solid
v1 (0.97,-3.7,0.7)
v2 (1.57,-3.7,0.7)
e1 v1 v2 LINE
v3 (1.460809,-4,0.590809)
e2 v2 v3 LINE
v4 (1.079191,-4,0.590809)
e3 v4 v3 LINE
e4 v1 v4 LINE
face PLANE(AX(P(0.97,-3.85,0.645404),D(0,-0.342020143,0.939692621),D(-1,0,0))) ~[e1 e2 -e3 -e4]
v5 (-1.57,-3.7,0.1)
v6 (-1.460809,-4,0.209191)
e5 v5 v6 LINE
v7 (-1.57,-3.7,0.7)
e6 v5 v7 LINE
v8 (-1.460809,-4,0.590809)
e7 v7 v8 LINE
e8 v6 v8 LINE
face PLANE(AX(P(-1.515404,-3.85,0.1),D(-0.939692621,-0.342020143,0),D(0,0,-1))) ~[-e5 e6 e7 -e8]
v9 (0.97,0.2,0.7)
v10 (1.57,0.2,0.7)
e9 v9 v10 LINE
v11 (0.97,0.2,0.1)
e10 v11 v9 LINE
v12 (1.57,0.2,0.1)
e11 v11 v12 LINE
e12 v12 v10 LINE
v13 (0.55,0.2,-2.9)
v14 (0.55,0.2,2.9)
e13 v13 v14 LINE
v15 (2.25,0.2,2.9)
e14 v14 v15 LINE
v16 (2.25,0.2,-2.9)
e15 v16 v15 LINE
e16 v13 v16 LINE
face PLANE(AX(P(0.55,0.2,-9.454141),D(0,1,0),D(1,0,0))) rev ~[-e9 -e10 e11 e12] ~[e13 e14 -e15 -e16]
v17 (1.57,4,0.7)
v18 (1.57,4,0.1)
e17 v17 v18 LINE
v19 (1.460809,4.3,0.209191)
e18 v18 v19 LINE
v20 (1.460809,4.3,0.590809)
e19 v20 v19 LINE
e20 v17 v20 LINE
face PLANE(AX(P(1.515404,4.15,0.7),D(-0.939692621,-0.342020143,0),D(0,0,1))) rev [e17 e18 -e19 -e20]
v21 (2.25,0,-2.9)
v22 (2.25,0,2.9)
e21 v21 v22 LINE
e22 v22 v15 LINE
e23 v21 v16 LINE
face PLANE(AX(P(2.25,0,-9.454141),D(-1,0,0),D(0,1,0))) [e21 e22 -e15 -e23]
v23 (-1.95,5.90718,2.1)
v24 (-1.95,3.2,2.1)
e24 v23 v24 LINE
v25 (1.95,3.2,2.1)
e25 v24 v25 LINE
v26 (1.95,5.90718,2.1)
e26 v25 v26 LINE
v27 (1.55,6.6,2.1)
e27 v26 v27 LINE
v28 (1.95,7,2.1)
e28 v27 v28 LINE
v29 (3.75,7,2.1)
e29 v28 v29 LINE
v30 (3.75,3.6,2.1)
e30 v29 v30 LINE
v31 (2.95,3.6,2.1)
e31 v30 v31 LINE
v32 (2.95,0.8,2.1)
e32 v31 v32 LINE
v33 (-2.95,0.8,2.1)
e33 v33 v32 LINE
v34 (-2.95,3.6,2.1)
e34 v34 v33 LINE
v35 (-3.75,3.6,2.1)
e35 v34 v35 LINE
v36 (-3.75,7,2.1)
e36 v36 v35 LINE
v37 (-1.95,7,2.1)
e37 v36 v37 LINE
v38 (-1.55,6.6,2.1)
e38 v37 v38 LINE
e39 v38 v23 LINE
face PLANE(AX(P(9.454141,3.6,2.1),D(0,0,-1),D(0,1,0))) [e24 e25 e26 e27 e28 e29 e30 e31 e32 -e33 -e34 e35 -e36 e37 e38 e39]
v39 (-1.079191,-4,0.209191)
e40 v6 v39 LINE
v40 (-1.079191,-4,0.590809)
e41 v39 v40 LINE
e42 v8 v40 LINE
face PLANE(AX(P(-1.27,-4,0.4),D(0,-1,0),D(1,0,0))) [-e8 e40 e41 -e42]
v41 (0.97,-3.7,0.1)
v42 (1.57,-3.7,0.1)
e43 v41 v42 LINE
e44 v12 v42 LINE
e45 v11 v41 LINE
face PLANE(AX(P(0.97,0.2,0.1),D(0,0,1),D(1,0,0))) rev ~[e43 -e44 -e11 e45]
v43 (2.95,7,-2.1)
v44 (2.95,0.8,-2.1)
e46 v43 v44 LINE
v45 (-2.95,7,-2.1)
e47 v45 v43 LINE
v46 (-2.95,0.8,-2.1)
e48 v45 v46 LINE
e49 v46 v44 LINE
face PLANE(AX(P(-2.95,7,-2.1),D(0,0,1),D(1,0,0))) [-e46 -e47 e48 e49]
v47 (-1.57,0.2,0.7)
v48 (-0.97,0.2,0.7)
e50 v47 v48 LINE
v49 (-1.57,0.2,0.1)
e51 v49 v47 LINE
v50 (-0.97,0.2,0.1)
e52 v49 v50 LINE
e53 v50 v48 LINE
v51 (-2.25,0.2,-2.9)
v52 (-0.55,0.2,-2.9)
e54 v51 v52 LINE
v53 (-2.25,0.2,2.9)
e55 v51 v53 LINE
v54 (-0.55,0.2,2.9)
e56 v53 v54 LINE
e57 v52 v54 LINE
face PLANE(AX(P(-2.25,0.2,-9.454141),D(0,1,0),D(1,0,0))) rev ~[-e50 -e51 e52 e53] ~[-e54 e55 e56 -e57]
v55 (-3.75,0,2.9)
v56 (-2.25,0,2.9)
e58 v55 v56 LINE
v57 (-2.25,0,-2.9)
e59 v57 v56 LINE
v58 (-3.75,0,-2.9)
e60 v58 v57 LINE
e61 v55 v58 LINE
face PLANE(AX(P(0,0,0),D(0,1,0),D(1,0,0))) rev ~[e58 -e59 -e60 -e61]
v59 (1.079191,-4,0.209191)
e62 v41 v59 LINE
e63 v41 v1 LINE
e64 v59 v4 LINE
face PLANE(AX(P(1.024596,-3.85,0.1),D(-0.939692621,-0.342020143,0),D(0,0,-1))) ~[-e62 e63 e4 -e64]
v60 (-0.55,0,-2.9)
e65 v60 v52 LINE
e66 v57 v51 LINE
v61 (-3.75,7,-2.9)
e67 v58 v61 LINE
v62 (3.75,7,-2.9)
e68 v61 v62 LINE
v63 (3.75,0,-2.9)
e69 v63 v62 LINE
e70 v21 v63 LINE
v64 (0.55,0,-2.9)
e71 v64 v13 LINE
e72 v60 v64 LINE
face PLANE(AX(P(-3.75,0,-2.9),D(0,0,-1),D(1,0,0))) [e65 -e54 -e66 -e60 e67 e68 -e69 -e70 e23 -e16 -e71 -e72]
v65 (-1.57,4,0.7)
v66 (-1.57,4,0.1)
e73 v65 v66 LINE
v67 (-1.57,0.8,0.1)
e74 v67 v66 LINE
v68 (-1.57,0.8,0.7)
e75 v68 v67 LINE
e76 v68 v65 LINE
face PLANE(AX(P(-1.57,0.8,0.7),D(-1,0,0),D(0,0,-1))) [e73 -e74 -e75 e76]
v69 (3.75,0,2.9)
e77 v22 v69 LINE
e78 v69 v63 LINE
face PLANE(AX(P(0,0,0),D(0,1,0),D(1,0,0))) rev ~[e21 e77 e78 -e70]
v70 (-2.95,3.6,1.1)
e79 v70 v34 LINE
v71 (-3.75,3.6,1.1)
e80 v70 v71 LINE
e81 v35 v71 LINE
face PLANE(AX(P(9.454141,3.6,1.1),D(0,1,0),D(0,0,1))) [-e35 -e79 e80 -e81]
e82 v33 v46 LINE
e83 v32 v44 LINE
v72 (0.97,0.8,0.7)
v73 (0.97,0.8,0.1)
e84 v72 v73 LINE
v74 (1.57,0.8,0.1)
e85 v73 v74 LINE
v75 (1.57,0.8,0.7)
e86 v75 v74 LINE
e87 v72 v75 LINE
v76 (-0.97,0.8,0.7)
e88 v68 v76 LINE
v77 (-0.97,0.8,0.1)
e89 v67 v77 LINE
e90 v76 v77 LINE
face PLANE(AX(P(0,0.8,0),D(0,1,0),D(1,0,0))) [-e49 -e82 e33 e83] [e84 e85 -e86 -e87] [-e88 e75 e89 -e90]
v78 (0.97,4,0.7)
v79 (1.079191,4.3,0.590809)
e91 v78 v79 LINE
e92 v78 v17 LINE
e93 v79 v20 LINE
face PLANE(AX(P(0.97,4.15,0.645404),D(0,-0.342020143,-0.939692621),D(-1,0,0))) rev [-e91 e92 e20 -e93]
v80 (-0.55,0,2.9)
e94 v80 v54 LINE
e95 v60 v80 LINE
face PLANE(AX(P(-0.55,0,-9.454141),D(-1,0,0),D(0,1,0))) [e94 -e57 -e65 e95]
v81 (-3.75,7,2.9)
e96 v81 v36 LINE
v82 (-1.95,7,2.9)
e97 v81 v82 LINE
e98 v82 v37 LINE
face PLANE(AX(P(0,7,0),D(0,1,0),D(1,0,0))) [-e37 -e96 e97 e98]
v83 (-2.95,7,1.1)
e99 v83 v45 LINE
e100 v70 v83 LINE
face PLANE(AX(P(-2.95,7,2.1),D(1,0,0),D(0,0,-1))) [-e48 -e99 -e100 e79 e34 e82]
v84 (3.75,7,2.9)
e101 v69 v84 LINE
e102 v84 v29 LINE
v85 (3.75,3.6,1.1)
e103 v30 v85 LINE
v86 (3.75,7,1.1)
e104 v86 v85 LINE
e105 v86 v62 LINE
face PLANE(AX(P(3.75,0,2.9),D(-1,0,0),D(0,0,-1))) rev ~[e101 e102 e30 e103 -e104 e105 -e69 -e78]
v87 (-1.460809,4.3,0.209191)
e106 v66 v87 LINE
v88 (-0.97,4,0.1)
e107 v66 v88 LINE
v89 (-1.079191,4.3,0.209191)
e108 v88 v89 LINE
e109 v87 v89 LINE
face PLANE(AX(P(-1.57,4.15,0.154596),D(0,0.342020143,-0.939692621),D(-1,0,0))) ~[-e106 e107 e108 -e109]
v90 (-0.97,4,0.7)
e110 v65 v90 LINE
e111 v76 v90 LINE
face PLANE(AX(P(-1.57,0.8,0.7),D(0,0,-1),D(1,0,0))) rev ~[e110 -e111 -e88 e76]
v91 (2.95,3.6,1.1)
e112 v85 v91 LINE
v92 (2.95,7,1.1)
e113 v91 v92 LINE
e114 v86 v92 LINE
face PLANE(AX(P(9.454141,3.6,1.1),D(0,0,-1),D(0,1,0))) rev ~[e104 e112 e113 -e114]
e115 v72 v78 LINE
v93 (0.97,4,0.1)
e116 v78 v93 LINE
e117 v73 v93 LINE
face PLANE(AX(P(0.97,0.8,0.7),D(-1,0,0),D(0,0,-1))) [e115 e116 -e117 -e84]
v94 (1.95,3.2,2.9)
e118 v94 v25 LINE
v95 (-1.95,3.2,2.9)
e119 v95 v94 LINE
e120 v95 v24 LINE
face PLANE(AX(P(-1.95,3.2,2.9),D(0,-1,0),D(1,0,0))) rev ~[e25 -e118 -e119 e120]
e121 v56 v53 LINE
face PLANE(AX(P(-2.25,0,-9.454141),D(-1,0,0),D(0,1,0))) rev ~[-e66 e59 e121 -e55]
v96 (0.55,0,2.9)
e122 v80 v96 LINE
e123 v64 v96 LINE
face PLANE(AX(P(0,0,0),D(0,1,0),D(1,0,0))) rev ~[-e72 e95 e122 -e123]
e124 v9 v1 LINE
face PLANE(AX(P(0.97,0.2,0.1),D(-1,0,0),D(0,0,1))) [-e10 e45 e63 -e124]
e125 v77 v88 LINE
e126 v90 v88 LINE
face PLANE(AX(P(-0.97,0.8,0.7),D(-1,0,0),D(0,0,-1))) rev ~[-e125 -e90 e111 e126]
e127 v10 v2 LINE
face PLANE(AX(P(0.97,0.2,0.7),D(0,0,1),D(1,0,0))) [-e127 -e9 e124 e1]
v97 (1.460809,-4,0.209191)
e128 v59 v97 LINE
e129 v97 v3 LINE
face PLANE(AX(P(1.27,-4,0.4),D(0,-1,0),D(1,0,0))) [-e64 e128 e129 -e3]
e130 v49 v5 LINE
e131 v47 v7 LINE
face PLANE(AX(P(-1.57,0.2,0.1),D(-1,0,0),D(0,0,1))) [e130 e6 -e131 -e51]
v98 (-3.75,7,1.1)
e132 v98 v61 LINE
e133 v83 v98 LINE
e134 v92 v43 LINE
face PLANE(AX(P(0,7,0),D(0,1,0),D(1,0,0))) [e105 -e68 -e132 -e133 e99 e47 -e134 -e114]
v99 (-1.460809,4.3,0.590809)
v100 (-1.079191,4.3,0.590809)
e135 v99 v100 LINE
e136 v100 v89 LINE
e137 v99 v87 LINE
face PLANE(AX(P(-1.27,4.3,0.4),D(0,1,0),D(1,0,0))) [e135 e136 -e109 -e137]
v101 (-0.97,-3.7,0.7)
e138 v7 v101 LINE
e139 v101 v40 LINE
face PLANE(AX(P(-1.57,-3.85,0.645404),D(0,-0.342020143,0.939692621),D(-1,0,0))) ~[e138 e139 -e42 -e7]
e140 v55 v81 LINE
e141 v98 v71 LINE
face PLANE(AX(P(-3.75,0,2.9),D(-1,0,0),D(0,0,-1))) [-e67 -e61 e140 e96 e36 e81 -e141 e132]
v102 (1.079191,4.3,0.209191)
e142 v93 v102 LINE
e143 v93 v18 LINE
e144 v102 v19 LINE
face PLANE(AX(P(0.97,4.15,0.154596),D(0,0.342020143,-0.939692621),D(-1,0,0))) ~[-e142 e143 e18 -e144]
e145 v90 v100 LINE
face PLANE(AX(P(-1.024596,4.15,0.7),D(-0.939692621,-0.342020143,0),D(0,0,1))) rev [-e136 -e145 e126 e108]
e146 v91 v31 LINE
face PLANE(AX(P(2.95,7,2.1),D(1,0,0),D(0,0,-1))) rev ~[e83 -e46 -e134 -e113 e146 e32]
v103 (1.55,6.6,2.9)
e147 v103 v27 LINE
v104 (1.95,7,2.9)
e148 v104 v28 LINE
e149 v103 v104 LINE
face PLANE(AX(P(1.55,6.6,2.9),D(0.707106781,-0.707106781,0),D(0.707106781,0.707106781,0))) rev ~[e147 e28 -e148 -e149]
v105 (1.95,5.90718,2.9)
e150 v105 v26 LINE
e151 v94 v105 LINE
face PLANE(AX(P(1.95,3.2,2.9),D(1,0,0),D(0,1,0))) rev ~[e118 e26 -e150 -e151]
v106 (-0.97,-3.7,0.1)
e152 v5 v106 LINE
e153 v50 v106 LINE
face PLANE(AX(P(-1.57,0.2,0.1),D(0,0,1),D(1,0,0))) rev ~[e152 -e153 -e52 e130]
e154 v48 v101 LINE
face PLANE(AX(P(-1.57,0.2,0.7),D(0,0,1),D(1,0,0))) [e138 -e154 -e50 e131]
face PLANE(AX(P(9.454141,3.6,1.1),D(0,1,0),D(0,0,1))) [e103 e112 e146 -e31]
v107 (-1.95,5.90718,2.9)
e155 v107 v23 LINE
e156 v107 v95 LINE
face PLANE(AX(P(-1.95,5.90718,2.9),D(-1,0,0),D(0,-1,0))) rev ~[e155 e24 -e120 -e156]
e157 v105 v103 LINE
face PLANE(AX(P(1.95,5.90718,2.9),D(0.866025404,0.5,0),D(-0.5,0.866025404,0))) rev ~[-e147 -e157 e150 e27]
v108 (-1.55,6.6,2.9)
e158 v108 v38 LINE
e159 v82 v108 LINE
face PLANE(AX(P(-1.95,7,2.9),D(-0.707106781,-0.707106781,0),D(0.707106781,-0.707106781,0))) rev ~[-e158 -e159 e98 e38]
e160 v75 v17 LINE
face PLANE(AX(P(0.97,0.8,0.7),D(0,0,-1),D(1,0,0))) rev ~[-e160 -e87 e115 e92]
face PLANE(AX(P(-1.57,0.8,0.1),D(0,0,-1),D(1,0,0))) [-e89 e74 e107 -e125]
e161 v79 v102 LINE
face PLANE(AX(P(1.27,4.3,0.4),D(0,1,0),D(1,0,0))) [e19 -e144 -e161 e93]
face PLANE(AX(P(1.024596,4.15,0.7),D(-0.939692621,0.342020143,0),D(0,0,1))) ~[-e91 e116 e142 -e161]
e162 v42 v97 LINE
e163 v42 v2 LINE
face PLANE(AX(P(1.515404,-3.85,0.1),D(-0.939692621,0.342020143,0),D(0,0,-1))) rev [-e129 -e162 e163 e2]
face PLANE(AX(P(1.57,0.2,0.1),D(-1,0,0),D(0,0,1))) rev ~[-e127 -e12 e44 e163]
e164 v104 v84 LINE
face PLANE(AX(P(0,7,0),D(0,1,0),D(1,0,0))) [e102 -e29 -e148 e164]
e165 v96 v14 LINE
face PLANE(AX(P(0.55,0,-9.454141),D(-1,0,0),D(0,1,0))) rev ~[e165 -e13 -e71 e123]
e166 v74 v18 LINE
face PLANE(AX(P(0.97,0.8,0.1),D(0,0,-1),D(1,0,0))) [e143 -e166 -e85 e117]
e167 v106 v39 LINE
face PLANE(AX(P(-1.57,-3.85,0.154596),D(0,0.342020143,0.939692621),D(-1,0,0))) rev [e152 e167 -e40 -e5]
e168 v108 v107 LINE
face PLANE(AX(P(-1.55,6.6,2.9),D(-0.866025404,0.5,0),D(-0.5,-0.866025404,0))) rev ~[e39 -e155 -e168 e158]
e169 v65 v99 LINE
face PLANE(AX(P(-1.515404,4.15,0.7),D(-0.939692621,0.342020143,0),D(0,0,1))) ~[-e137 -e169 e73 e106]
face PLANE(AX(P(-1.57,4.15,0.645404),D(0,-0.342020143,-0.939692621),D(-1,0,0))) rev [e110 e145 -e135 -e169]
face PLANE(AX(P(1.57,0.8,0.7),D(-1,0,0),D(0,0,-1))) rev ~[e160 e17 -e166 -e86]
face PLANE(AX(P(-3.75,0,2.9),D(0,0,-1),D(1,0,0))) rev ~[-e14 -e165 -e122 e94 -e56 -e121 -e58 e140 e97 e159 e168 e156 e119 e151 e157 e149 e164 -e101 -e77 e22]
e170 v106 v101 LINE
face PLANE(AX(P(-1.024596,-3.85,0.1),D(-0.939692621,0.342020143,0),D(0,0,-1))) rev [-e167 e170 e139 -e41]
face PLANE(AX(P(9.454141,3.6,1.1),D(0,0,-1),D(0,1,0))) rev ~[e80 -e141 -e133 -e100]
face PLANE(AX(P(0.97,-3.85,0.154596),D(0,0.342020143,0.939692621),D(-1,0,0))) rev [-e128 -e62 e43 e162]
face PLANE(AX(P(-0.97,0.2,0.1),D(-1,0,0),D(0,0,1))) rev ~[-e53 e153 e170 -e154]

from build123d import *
from OCP.BRepFilletAPI import BRepFilletAPI_MakeChamfer

# Parameters (mm, degrees)
SKETCH_1_W               = 7.5
SKETCH_1_H               = 5.8
EXTRUDE_1_DEPTH          = 7
CUT_EXTRUDE_1_DEPTH      = 9.454140997
CUT_EXTRUDE_1_DEPTH_BACK = 9.454140997
SKETCH_2_W               = 1.7
SKETCH_2_H               = 0.2
SKETCH_3_W               = 5.9
SKETCH_3_H               = 4.2
CUT_EXTRUDE_2_DEPTH      = 6.2
CUT_EXTRUDE_3_DEPTH      = 1
CUT_EXTRUDE_4_DEPTH      = 9.454140997
CUT_EXTRUDE_4_DEPTH_BACK = 9.454140997
SKETCH_5_W               = 1
SKETCH_5_H               = 3.4
SKETCH_6_W               = 0.6
SKETCH_6_H               = 0.6
EXTRUDE_3_DEPTH          = 4.2
SKETCH_7_W               = 0.6
SKETCH_7_H               = 0.6
EXTRUDE_4_DEPTH          = 3.5
CHAMFER_1_SIZE           = 0.3
CHAMFER_1_SIZE2          = 0.10919107


with BuildPart() as part:
    # 草图1 → 凸台-拉伸1 (new body)
    with BuildSketch(Plane(origin=(0, 0, 0), x_dir=(1, 0, 0), z_dir=(0, 1, 0))):
        Rectangle(SKETCH_1_W, SKETCH_1_H)
    extrude(amount=EXTRUDE_1_DEPTH)

    # 草图2 → 切除-拉伸1 (cut, two sides: drawn at the far end of the back side and taken through both)
    with BuildSketch(Plane.XY.offset(-CUT_EXTRUDE_1_DEPTH_BACK)):
        with Locations((-1.4, 0.1)):
            Rectangle(SKETCH_2_W, SKETCH_2_H)
        with Locations((1.4, 0.1)):
            Rectangle(SKETCH_2_W, SKETCH_2_H)
    extrude(amount=CUT_EXTRUDE_1_DEPTH + CUT_EXTRUDE_1_DEPTH_BACK, mode=Mode.SUBTRACT)

    # 草图3 → 切除-拉伸2 (cut)
    with BuildSketch(Plane(origin=(0, 7, 0), x_dir=(1, 0, 0), z_dir=(0, 1, 0))):
        Rectangle(SKETCH_3_W, SKETCH_3_H)
    extrude(amount=-CUT_EXTRUDE_2_DEPTH, mode=Mode.SUBTRACT)

    # 草图4 → 切除-拉伸3 (cut)
    with BuildSketch(Plane.XY.offset(2.9)):
        Polygon((-1.95, 7), (-1.55, 6.6), (-1.95, 5.907179677), (-1.95, 3.2), (1.95, 3.2), (1.95, 5.907179677), (1.55, 6.6), (1.95, 7), align=None)
    extrude(amount=-CUT_EXTRUDE_3_DEPTH, mode=Mode.SUBTRACT)

    # 草图5 → 切除-拉伸4 (cut, two sides: drawn at the far end of the back side and taken through both)
    with BuildSketch(Plane.ZY.offset(-CUT_EXTRUDE_4_DEPTH_BACK)):
        with Locations((1.6, 5.3)):
            Rectangle(SKETCH_5_W, SKETCH_5_H)
    extrude(amount=CUT_EXTRUDE_4_DEPTH + CUT_EXTRUDE_4_DEPTH_BACK, mode=Mode.SUBTRACT)

    # 草图6 → 凸台-拉伸3 (add)
    with BuildSketch(Plane.XZ.offset(-0.2)):
        with Locations((-1.27, 0.4)):
            Rectangle(SKETCH_6_W, SKETCH_6_H)
        with Locations((1.27, 0.4)):
            Rectangle(SKETCH_6_W, SKETCH_6_H)
    extrude(amount=EXTRUDE_3_DEPTH)

    # 草图7 → 凸台-拉伸4 (add)
    with BuildSketch(Plane(origin=(0, 0.8, 0), x_dir=(1, 0, 0), z_dir=(0, 1, 0))):
        with Locations((1.27, -0.4)):
            Rectangle(SKETCH_7_W, SKETCH_7_H)
        with Locations((-1.27, -0.4)):
            Rectangle(SKETCH_7_W, SKETCH_7_H)
    extrude(amount=EXTRUDE_4_DEPTH)

    # 倒角1: one chamfer whose edges measure the first distance from different faces: ONE call of the kernel's chamfer builder (chamfer() names one face for all edges)
    chamfer_1_edges_1 = [part.edges().sort_by_distance(p)[0] for p in [
        (-1.27, -4, 0.7),
    ]]
    chamfer_1_side_1 = [part.faces().sort_by_distance(p)[0] for p in [
        (-1.27, -1.9, 0.7),
    ]]
    chamfer_1_edges_2 = [part.edges().sort_by_distance(p)[0] for p in [
        (-1.57, -4, 0.4),
    ]]
    chamfer_1_side_2 = [part.faces().sort_by_distance(p)[0] for p in [
        (-1.57, -1.9, 0.4),
    ]]
    chamfer_1_edges_3 = [part.edges().sort_by_distance(p)[0] for p in [
        (-1.27, -4, 0.1),
    ]]
    chamfer_1_side_3 = [part.faces().sort_by_distance(p)[0] for p in [
        (-1.27, -1.9, 0.1),
    ]]
    chamfer_1_edges_4 = [part.edges().sort_by_distance(p)[0] for p in [
        (-0.97, -4, 0.4),
    ]]
    chamfer_1_side_4 = [part.faces().sort_by_distance(p)[0] for p in [
        (-0.97, -1.9, 0.4),
    ]]
    chamfer_1_edges_5 = [part.edges().sort_by_distance(p)[0] for p in [
        (1.27, -4, 0.1),
    ]]
    chamfer_1_side_5 = [part.faces().sort_by_distance(p)[0] for p in [
        (1.27, -1.9, 0.1),
    ]]
    chamfer_1_edges_6 = [part.edges().sort_by_distance(p)[0] for p in [
        (1.57, -4, 0.4),
    ]]
    chamfer_1_side_6 = [part.faces().sort_by_distance(p)[0] for p in [
        (1.57, -1.9, 0.4),
    ]]
    chamfer_1_edges_7 = [part.edges().sort_by_distance(p)[0] for p in [
        (1.27, -4, 0.7),
    ]]
    chamfer_1_side_7 = [part.faces().sort_by_distance(p)[0] for p in [
        (1.27, -1.9, 0.7),
    ]]
    chamfer_1_edges_8 = [part.edges().sort_by_distance(p)[0] for p in [
        (0.97, -4, 0.4),
    ]]
    chamfer_1_side_8 = [part.faces().sort_by_distance(p)[0] for p in [
        (0.97, -1.9, 0.4),
    ]]
    chamfer_1_edges_9 = [part.edges().sort_by_distance(p)[0] for p in [
        (1.27, 4.3, 0.7),
    ]]
    chamfer_1_side_9 = [part.faces().sort_by_distance(p)[0] for p in [
        (1.27, 2.55, 0.7),
    ]]
    chamfer_1_edges_10 = [part.edges().sort_by_distance(p)[0] for p in [
        (1.57, 4.3, 0.4),
    ]]
    chamfer_1_side_10 = [part.faces().sort_by_distance(p)[0] for p in [
        (1.57, 2.55, 0.4),
    ]]
    chamfer_1_edges_11 = [part.edges().sort_by_distance(p)[0] for p in [
        (1.27, 4.3, 0.1),
    ]]
    chamfer_1_side_11 = [part.faces().sort_by_distance(p)[0] for p in [
        (1.27, 2.55, 0.1),
    ]]
    chamfer_1_edges_12 = [part.edges().sort_by_distance(p)[0] for p in [
        (0.97, 4.3, 0.4),
    ]]
    chamfer_1_side_12 = [part.faces().sort_by_distance(p)[0] for p in [
        (0.97, 2.55, 0.4),
    ]]
    chamfer_1_edges_13 = [part.edges().sort_by_distance(p)[0] for p in [
        (-1.57, 4.3, 0.4),
    ]]
    chamfer_1_side_13 = [part.faces().sort_by_distance(p)[0] for p in [
        (-1.57, 2.55, 0.4),
    ]]
    chamfer_1_edges_14 = [part.edges().sort_by_distance(p)[0] for p in [
        (-1.27, 4.3, 0.7),
    ]]
    chamfer_1_side_14 = [part.faces().sort_by_distance(p)[0] for p in [
        (-1.27, 2.55, 0.7),
    ]]
    chamfer_1_edges_15 = [part.edges().sort_by_distance(p)[0] for p in [
        (-0.97, 4.3, 0.4),
    ]]
    chamfer_1_side_15 = [part.faces().sort_by_distance(p)[0] for p in [
        (-0.97, 2.55, 0.4),
    ]]
    chamfer_1_edges_16 = [part.edges().sort_by_distance(p)[0] for p in [
        (-1.27, 4.3, 0.1),
    ]]
    chamfer_1_side_16 = [part.faces().sort_by_distance(p)[0] for p in [
        (-1.27, 2.55, 0.1),
    ]]
    chamfer_1 = BRepFilletAPI_MakeChamfer(part.part.solid().wrapped)
    for e in chamfer_1_edges_1:
        chamfer_1.Add(CHAMFER_1_SIZE, CHAMFER_1_SIZE2, e.wrapped, chamfer_1_side_1[0].wrapped)  # the first distance lies on this face
    for e in chamfer_1_edges_2:
        chamfer_1.Add(CHAMFER_1_SIZE, CHAMFER_1_SIZE2, e.wrapped, chamfer_1_side_2[0].wrapped)  # the first distance lies on this face
    for e in chamfer_1_edges_3:
        chamfer_1.Add(CHAMFER_1_SIZE, CHAMFER_1_SIZE2, e.wrapped, chamfer_1_side_3[0].wrapped)  # the first distance lies on this face
    for e in chamfer_1_edges_4:
        chamfer_1.Add(CHAMFER_1_SIZE, CHAMFER_1_SIZE2, e.wrapped, chamfer_1_side_4[0].wrapped)  # the first distance lies on this face
    for e in chamfer_1_edges_5:
        chamfer_1.Add(CHAMFER_1_SIZE, CHAMFER_1_SIZE2, e.wrapped, chamfer_1_side_5[0].wrapped)  # the first distance lies on this face
    for e in chamfer_1_edges_6:
        chamfer_1.Add(CHAMFER_1_SIZE, CHAMFER_1_SIZE2, e.wrapped, chamfer_1_side_6[0].wrapped)  # the first distance lies on this face
    for e in chamfer_1_edges_7:
        chamfer_1.Add(CHAMFER_1_SIZE, CHAMFER_1_SIZE2, e.wrapped, chamfer_1_side_7[0].wrapped)  # the first distance lies on this face
    for e in chamfer_1_edges_8:
        chamfer_1.Add(CHAMFER_1_SIZE, CHAMFER_1_SIZE2, e.wrapped, chamfer_1_side_8[0].wrapped)  # the first distance lies on this face
    for e in chamfer_1_edges_9:
        chamfer_1.Add(CHAMFER_1_SIZE, CHAMFER_1_SIZE2, e.wrapped, chamfer_1_side_9[0].wrapped)  # the first distance lies on this face
    for e in chamfer_1_edges_10:
        chamfer_1.Add(CHAMFER_1_SIZE, CHAMFER_1_SIZE2, e.wrapped, chamfer_1_side_10[0].wrapped)  # the first distance lies on this face
    for e in chamfer_1_edges_11:
        chamfer_1.Add(CHAMFER_1_SIZE, CHAMFER_1_SIZE2, e.wrapped, chamfer_1_side_11[0].wrapped)  # the first distance lies on this face
    for e in chamfer_1_edges_12:
        chamfer_1.Add(CHAMFER_1_SIZE, CHAMFER_1_SIZE2, e.wrapped, chamfer_1_side_12[0].wrapped)  # the first distance lies on this face
    for e in chamfer_1_edges_13:
        chamfer_1.Add(CHAMFER_1_SIZE, CHAMFER_1_SIZE2, e.wrapped, chamfer_1_side_13[0].wrapped)  # the first distance lies on this face
    for e in chamfer_1_edges_14:
        chamfer_1.Add(CHAMFER_1_SIZE, CHAMFER_1_SIZE2, e.wrapped, chamfer_1_side_14[0].wrapped)  # the first distance lies on this face
    for e in chamfer_1_edges_15:
        chamfer_1.Add(CHAMFER_1_SIZE, CHAMFER_1_SIZE2, e.wrapped, chamfer_1_side_15[0].wrapped)  # the first distance lies on this face
    for e in chamfer_1_edges_16:
        chamfer_1.Add(CHAMFER_1_SIZE, CHAMFER_1_SIZE2, e.wrapped, chamfer_1_side_16[0].wrapped)  # the first distance lies on this face
    add(Compound.cast(chamfer_1.Shape()), mode=Mode.REPLACE)


solid = part.part
